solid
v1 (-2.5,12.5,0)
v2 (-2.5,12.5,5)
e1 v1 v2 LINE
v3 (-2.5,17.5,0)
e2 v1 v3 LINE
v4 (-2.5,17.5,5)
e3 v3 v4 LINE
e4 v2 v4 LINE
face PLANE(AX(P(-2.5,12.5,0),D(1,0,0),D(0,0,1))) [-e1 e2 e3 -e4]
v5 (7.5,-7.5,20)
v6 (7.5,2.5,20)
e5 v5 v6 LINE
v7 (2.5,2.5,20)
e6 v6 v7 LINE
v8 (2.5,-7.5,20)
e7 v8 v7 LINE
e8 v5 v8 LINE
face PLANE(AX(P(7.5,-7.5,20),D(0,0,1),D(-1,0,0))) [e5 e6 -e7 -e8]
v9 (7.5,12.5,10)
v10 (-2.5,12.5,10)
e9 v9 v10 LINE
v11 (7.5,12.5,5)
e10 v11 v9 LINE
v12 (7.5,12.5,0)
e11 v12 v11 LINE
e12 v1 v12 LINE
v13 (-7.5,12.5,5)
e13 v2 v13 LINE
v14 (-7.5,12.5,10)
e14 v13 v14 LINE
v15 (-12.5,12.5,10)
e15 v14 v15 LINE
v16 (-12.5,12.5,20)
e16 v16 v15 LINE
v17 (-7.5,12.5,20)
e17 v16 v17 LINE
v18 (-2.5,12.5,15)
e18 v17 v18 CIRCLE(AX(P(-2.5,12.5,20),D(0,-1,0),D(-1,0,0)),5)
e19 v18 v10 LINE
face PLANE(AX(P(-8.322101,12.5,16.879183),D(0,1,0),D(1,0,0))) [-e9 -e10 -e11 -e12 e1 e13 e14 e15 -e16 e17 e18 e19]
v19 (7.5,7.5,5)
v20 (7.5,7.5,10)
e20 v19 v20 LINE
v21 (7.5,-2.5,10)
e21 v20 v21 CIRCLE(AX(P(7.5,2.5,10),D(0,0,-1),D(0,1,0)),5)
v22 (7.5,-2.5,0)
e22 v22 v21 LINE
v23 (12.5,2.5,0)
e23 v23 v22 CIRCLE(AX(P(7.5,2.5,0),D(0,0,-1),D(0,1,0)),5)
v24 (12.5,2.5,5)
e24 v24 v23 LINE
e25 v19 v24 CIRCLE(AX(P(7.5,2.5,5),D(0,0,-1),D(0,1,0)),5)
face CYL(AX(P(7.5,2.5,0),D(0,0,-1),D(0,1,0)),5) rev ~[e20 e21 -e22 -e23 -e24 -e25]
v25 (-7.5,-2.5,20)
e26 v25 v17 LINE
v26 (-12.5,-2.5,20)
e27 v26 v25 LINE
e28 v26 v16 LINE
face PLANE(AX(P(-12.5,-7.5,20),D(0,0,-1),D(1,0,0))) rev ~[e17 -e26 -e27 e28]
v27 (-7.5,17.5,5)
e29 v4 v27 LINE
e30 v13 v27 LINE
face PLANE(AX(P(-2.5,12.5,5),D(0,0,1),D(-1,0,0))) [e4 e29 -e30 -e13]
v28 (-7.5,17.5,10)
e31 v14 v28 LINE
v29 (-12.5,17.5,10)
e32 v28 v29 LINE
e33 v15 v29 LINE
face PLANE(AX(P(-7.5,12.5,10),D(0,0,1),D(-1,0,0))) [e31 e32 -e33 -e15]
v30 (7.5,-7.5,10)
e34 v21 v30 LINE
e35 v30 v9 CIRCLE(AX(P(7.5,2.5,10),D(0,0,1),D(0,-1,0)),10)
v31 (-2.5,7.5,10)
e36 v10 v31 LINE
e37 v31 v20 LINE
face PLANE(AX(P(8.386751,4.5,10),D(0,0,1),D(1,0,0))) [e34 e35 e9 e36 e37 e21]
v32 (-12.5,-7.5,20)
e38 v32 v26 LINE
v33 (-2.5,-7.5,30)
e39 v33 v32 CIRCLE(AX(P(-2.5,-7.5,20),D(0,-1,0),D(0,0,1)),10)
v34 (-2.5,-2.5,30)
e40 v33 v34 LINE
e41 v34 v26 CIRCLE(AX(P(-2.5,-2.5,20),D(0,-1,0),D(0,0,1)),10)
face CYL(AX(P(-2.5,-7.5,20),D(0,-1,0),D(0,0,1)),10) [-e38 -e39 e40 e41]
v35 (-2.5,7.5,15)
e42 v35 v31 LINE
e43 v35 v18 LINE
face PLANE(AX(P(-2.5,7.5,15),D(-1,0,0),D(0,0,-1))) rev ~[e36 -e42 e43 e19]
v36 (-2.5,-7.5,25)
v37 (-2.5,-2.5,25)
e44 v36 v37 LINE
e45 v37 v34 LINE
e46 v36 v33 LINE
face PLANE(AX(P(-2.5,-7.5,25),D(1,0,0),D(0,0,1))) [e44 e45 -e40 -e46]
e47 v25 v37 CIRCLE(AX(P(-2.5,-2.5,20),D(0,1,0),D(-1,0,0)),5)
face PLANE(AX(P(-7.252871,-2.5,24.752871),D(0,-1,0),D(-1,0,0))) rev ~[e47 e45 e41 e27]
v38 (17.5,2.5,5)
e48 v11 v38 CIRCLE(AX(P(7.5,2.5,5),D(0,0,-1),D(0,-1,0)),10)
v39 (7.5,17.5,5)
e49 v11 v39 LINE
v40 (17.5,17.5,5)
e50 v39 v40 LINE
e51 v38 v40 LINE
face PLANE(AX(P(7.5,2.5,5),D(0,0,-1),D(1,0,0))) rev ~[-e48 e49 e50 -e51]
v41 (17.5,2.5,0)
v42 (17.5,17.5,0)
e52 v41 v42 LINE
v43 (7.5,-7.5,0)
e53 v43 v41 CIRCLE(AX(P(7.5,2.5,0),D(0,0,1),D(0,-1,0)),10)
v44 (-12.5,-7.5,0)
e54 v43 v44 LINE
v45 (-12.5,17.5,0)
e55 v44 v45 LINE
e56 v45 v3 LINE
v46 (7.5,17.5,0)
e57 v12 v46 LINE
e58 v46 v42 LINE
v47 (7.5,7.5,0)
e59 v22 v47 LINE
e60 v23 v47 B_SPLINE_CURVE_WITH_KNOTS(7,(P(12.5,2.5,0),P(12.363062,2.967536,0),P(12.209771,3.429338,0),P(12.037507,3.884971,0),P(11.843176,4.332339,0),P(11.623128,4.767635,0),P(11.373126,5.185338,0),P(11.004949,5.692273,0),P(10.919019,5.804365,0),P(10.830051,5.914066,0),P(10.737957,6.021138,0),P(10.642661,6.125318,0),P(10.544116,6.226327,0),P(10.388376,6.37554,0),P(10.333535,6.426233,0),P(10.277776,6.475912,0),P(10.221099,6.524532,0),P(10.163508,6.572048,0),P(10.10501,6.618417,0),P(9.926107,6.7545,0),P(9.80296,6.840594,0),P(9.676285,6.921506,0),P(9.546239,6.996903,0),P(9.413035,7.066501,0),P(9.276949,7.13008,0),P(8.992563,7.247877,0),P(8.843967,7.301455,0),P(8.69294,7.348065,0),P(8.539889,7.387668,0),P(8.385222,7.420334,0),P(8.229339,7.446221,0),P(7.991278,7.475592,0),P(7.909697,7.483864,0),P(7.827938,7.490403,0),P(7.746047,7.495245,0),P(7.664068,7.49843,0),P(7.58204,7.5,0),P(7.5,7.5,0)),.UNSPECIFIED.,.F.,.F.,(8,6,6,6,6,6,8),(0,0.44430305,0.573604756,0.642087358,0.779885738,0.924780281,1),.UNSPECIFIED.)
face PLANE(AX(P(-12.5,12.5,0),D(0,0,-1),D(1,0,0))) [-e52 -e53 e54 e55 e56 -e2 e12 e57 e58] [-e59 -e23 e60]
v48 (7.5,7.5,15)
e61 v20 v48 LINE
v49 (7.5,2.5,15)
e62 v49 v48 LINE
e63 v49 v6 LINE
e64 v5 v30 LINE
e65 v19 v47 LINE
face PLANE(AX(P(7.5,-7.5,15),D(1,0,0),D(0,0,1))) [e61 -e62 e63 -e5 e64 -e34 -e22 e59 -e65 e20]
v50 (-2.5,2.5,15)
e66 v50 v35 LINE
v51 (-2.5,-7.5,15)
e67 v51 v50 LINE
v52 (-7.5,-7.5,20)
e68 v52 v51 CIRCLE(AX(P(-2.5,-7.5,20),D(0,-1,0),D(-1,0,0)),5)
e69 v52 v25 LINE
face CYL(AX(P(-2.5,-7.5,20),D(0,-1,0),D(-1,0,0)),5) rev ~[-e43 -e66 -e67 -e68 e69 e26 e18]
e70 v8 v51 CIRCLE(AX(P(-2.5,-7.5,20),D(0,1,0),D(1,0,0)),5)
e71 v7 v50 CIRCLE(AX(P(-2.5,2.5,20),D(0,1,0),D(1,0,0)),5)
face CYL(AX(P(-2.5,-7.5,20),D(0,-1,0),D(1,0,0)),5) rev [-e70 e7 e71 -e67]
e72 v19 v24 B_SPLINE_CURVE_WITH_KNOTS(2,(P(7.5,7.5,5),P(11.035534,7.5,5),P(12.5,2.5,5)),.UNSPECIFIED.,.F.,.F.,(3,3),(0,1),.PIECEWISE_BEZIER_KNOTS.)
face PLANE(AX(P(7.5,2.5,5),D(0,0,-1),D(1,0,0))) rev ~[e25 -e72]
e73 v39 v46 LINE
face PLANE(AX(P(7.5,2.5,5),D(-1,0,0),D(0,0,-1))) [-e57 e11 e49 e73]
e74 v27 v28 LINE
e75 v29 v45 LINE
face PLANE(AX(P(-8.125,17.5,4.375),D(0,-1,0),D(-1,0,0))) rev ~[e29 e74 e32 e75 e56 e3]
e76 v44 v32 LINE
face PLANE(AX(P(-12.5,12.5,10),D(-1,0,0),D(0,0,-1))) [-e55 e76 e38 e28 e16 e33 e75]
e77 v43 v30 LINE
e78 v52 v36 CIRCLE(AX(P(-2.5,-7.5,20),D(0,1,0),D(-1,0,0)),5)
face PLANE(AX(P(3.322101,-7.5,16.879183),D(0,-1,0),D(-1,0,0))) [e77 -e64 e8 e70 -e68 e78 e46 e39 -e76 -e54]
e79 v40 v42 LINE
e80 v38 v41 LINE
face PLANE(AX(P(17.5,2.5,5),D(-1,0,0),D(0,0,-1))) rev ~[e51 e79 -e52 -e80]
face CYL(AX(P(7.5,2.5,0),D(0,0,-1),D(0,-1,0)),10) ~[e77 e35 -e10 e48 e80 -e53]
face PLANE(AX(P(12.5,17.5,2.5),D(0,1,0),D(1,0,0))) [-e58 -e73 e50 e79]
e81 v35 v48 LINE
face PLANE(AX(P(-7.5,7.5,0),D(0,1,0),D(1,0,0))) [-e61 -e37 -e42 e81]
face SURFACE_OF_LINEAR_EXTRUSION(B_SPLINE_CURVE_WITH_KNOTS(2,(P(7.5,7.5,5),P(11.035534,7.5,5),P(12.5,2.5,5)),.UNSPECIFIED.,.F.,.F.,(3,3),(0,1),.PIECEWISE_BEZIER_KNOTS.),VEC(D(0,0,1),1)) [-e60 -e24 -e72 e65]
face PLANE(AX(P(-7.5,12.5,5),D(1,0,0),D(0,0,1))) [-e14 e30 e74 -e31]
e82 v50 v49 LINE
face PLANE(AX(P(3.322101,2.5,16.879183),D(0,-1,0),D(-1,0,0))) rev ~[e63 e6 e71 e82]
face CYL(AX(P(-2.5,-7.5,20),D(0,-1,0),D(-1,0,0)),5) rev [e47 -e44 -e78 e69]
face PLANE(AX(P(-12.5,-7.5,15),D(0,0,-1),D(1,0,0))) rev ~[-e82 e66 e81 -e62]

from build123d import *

# Parameters (mm, degrees)
SKETCH1_W           = 15
SKETCH1_H           = 15
BOSS_EXTRUDE1_DEPTH = 15
BOSS_EXTRUDE2_DEPTH = 10
SKETCH3_W           = 5
SKETCH3_H           = 15
BOSS_EXTRUDE3_DEPTH = 5
SKETCH5_W           = 5
SKETCH5_H           = 15
BOSS_EXTRUDE4_DEPTH = 20
BOSS_EXTRUDE5_DEPTH = 20
BOSS_EXTRUDE6_DEPTH = 5
BOSS_EXTRUDE7_DEPTH = 10
SKETCH12_W          = 10
SKETCH12_H          = 5
BOSS_EXTRUDE8_DEPTH = 15
CUT_EXTRUDE1_DEPTH  = 15
BOSS_EXTRUDE9_DEPTH = 5


with BuildPart() as part:
    # Sketch1 → Boss-Extrude1 (new body)
    with BuildSketch(Plane.XY):
        Rectangle(SKETCH1_W, SKETCH1_H)
    extrude(amount=BOSS_EXTRUDE1_DEPTH)

    # Sketch2 → Boss-Extrude2 (add)
    with BuildSketch(Plane.XY):
        with BuildLine():
            Line((7.5, 12.5), (-2.5, 12.5))
            Line((-2.5, 12.5), (-2.5, 7.5))
            Line((-2.5, 7.5), (7.5, 7.5))
            ThreePointArc((7.5, 7.5), (12.5, 2.5), (7.5, -2.5))
            Line((7.5, -2.5), (7.5, -7.5))
            ThreePointArc((7.5, -7.5), (17.5, 2.5), (7.5, 12.5))
        make_face()
    extrude(amount=BOSS_EXTRUDE2_DEPTH)

    # Sketch3 → Boss-Extrude3 (add)
    with BuildSketch(Plane(origin=(0, 7.5, 0), x_dir=(1, 0, 0), z_dir=(0, 1, 0))):
        with Locations((-5, -7.5)):
            Rectangle(SKETCH3_W, SKETCH3_H)
    extrude(amount=BOSS_EXTRUDE3_DEPTH)

    # Sketch5 → Boss-Extrude4 (add)
    with BuildSketch(Plane(origin=(0, -7.5, 0), x_dir=(1, 0, 0), z_dir=(0, 1, 0))):
        with Locations((-10, -7.5)):
            Rectangle(SKETCH5_W, SKETCH5_H)
    extrude(amount=BOSS_EXTRUDE4_DEPTH)

    # Sketch6 → Boss-Extrude5 (add)
    with BuildSketch(Plane(origin=(0, -7.5, 0), x_dir=(1, 0, 0), z_dir=(0, 1, 0))):
        with BuildLine():
            Line((-12.5, -15), (-12.5, -20))
            Line((-12.5, -20), (-7.5, -20))
            ThreePointArc((-7.5, -20), (-6.035533906, -16.464466094), (-2.5, -15))
            Line((-2.5, -15), (-12.5, -15))
        make_face()
    extrude(amount=BOSS_EXTRUDE5_DEPTH)

    # Sketch7 → Boss-Extrude6 (add)
    with BuildSketch(Plane(origin=(0, -7.5, 0), x_dir=(1, 0, 0), z_dir=(0, 1, 0))):
        with BuildLine():
            Line((-2.5, -25), (-2.5, -30))
            ThreePointArc((-2.5, -30), (-9.571067812, -27.071067812), (-12.5, -20))
            Line((-12.5, -20), (-7.5, -20))
            ThreePointArc((-7.5, -20), (-6.035533906, -23.535533906), (-2.5, -25))
        make_face()
    extrude(amount=BOSS_EXTRUDE6_DEPTH)

    # Sketch8 → Boss-Extrude7 (add)
    with BuildSketch(Plane(origin=(0, -7.5, 0), x_dir=(1, 0, 0), z_dir=(0, 1, 0))):
        with BuildLine():
            Line((7.5, -15), (7.5, -20))
            Line((7.5, -20), (2.5, -20))
            ThreePointArc((2.5, -20), (1.035533906, -16.464466094), (-2.5, -15))
            Line((-2.5, -15), (7.5, -15))
        make_face()
    extrude(amount=BOSS_EXTRUDE7_DEPTH)

    # Sketch12 → Boss-Extrude8 (add)
    with BuildSketch(Plane(origin=(0, 2.5, 0), x_dir=(1, 0, 0), z_dir=(0, 1, 0))):
        with Locations((12.5, -2.5)):
            Rectangle(SKETCH12_W, SKETCH12_H)
    extrude(amount=BOSS_EXTRUDE8_DEPTH)

    # Sketch13 → Cut-Extrude1 (cut)
    with BuildSketch(Plane.XY.offset(5)):
        with BuildLine():
            Line((12.5, 2.5), (7.5, 2.5))
            Line((7.5, 2.5), (7.5, 7.5))
            add(Edge.make_bspline(
                [(7.5, 7.5), (11.035533906, 7.5), (12.5, 2.5)],
                knots=[0, 0, 0, 1, 1, 1], degree=2))
        make_face()
    extrude(amount=-CUT_EXTRUDE1_DEPTH, mode=Mode.SUBTRACT)

    # Sketch14 → Boss-Extrude9 (add)
    with BuildSketch(Plane(origin=(0, 12.5, 0), x_dir=(1, 0, 0), z_dir=(0, 1, 0))):
        Polygon((-12.5, 0), (-2.5, 0), (-2.5, -5), (-7.5, -5), (-7.5, -10), (-12.5, -10), align=None)
    extrude(amount=BOSS_EXTRUDE9_DEPTH)


solid = part.part
